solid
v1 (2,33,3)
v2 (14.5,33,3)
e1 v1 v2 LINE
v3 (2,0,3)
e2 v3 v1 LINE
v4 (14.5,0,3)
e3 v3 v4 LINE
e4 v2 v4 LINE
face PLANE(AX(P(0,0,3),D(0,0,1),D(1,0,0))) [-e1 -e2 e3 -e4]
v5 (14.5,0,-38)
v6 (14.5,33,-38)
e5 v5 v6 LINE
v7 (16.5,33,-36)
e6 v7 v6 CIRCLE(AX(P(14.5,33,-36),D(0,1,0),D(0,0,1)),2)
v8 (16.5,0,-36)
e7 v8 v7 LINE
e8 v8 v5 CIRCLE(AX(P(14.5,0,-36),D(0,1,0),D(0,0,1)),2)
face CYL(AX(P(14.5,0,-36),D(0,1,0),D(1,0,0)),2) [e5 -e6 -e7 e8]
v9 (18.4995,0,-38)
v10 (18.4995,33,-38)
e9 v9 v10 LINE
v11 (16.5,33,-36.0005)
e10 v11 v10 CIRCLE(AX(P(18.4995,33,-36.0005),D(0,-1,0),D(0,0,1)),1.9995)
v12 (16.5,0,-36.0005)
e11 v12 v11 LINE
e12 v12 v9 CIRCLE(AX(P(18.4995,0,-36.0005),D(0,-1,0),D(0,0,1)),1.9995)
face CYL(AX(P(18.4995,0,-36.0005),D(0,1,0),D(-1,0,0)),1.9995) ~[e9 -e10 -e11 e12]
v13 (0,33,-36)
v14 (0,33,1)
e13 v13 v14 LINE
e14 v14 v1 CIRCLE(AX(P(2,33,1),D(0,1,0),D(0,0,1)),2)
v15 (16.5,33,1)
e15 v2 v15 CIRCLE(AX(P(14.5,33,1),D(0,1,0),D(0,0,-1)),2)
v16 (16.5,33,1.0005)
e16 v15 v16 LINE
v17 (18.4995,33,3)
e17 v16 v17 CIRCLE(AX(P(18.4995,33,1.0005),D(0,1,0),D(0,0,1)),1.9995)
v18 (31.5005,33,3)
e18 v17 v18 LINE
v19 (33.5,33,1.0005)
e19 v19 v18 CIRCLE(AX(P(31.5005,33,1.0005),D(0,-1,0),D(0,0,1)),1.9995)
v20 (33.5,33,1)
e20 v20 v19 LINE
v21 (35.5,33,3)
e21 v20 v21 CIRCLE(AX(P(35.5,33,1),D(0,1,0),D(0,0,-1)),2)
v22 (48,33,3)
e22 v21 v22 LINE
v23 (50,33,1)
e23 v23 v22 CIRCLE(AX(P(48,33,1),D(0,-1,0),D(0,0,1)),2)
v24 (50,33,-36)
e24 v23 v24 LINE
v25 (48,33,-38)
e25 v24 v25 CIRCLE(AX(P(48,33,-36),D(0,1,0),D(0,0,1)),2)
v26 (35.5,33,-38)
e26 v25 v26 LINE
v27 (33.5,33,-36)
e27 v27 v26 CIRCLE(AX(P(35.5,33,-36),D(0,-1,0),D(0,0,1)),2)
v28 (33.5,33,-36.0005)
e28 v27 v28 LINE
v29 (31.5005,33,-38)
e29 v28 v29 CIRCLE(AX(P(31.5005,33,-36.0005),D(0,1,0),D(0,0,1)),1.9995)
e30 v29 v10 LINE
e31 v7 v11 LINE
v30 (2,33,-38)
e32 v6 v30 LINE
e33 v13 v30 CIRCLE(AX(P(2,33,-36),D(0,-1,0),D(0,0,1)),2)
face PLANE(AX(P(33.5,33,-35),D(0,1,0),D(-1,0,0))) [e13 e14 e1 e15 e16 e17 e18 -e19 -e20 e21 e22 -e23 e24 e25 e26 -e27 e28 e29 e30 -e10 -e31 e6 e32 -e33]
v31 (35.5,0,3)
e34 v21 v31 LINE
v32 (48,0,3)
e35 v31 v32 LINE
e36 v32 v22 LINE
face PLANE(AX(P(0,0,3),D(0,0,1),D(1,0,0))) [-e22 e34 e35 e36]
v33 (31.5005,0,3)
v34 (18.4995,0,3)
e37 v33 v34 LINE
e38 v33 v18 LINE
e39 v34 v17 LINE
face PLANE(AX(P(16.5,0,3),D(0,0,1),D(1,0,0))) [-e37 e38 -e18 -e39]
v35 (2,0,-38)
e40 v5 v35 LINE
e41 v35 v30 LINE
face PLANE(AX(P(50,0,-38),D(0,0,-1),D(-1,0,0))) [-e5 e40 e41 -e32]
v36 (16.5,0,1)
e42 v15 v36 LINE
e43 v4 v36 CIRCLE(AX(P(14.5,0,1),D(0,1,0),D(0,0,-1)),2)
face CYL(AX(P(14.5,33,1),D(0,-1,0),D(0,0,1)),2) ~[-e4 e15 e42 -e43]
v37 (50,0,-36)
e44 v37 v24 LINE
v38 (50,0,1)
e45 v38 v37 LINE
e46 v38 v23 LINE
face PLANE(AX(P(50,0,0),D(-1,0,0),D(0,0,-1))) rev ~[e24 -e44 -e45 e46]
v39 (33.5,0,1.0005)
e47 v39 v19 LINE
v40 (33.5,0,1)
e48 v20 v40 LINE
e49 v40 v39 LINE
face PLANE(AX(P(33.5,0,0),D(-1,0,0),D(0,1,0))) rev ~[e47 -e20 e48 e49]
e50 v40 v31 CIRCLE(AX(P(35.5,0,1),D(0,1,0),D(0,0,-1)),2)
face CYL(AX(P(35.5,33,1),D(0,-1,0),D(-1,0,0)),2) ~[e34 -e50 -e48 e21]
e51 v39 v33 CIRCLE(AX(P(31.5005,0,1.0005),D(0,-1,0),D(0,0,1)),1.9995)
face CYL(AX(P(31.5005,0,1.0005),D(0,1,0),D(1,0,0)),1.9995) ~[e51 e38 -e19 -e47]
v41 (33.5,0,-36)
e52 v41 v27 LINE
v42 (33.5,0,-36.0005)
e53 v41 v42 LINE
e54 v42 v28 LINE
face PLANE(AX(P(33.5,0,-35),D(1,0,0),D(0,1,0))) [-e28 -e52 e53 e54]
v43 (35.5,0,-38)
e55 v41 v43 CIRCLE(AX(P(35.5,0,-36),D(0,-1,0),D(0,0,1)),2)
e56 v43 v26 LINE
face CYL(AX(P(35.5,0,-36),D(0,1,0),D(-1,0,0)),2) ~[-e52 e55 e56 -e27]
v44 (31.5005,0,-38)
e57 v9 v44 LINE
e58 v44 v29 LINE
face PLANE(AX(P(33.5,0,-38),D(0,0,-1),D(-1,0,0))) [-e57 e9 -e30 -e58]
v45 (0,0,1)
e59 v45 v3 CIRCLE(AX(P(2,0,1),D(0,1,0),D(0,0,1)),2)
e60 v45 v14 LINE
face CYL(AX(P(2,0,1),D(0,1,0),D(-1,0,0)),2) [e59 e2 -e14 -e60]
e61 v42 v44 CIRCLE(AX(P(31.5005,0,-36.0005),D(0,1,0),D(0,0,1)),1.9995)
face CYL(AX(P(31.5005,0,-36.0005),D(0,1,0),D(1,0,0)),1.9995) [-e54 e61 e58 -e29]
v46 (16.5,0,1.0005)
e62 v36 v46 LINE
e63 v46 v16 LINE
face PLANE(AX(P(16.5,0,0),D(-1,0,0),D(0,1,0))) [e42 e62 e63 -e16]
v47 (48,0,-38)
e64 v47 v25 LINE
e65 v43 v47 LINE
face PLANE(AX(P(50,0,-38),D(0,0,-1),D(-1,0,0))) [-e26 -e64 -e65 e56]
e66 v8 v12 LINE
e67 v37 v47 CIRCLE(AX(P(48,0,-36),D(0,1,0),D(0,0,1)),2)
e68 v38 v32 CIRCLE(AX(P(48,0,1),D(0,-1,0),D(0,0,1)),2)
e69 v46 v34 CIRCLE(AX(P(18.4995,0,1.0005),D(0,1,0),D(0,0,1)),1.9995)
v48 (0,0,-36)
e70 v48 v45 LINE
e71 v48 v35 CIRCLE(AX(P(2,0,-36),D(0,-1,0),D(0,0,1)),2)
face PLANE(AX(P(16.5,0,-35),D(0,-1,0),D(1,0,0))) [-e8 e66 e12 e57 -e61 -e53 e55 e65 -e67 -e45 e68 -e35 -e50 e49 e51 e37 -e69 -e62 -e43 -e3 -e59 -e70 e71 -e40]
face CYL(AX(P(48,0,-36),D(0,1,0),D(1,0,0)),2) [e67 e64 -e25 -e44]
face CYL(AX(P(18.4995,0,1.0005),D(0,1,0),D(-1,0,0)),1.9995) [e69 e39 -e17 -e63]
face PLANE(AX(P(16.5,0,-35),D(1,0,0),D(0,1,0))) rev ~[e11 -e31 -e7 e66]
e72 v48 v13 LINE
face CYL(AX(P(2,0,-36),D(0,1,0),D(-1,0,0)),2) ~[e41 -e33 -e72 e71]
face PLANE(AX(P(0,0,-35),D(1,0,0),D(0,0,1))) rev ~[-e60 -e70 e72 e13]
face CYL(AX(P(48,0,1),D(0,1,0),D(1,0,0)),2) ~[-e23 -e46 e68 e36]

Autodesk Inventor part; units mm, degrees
ref_plane "YZ Plane" through (0, 0, 0) normal (1, 0, 0) x (0, 1, 0)
ref_plane "XZ Plane" through (0, 0, 0) normal (0, 1, 0) x (-1, 0, 0)
ref_plane "XY Plane" through (0, 0, 0) normal (0, 0, 1) x (1, 0, 0)
sketch "Sketch1" plane through (0, 0, 0) normal (0, 1, 0) x (-1, 0, 0)
  line L0 (0, 0) -> (-50, 0)
  line L1 (-50, 0) -> (-50, -35)
  line L2 (-50, -35) -> (0, -35)
  line L3 (0, -35) -> (0, 0)
  dimension "d0" = 35
  dimension "d1" = 50
extrude "Extrusion1" add sketch "Sketch1" along normal blind 33
sketch "Sketch2" plane through (0, 0, 0) normal (0, 0, 1) x (1, 0, 0)
  line L0 (0, 33) -> (50, 33) projected
  line L1 (16.5, 33) -> (16.5, 0)
  line L2 (0, 0) -> (50, 0) projected
  line L3 (33.5, 33) -> (33.5, 0)
  line L4 (0, 0) -> (0, 33) projected
  line L5 (50, 0) -> (50, 33) projected
  line L6 (0, 0) -> (0, 33) projected
  line L7 (0, 33) -> (16.5, 33)
  line L8 (16.5, 33) -> (16.5, 0)
  line L9 (16.5, 0) -> (0, 0)
  line L10 (0, 0) -> (0, 33)
  line L11 (33.5, 33) -> (50, 33)
  line L12 (50, 33) -> (50, 0)
  line L13 (50, 0) -> (33.5, 0)
  line L14 (33.5, 0) -> (33.5, 33)
  dimension "d4" = 16.5
  dimension "d5" = 16.5
extrude "Extrusion2" add sketch "Sketch2" along normal blind 3 contours L0 L1 L2 L4 | L0 L5 L2 L3
fillet "Fillet1" radius 2 4 edges at (0, 16.5, 3) (16.5, 16.5, 3) (33.5, 16.5, 3) (50, 16.5, 3)
sketch "Sketch3" plane through (16.5, 0, 0) normal (0, 0, 1) x (1, 0, 0)
  line L0 (0, 33) -> (17, 33) projected
  line L1 (17, 0) -> (17, 33) projected
  line L2 (0, 33) -> (17, 33)
  line L3 (17, 33) -> (17, 0)
  line L4 (17, 0) -> (0, 0)
  line L5 (0, 0) -> (0, 33)
  point P0 (-16.5, 0)
extrude "Extrusion3" add sketch "Sketch3" along normal blind 3
fillet "Fillet2" radius 2 2 edges at (16.5, 16.5, 3) (33.5, 16.5, 3)
sketch "Sketch4" plane through (50, 0, -35) normal (0, 0, -1) x (-1, 0, 0)
  line L0 (0, 0) -> (50, 0) projected
  line L1 (33.5, 0) -> (33.5, 33)
  line L2 (0, 33) -> (50, 33) projected
  line L3 (14.5, 0) -> (2, 0) projected
  line L4 (16.5, 0) -> (16.5, 33)
  line L5 (50, 0) -> (50, 33) projected
  line L6 (0, 0) -> (0, 33) projected
  line L7 (50, 0) -> (33.5, 0)
  line L8 (33.5, 0) -> (33.5, 33)
  line L9 (33.5, 33) -> (50, 33)
  line L10 (50, 33) -> (50, 0)
  line L11 (16.5, 0) -> (14.5, 0) projected
  line L12 (16.5, 0) -> (0, 0)
  line L13 (0, 0) -> (0, 33)
  line L14 (0, 33) -> (16.5, 33)
  line L15 (16.5, 33) -> (16.5, 0)
  dimension "d12" = 16.5
  dimension "d13" = 16.5
extrude "Extrusion4" add sketch "Sketch4" along normal blind 3 contours L6 L2 L4 L0 | L2 L5 L0 L1
fillet "Fillet3" radius 2 4 edges at (0, 16.5, -38) (16.5, 16.5, -38) (33.5, 16.5, -38) (50, 16.5, -38)
sketch "Sketch5" plane through (33.5, 0, -35) normal (0, 0, -1) x (-1, 0, 0)
  line L0 (17, 0) -> (17, 33) projected
  line L1 (-2, 33) -> (0, 33) projected
  line L2 (17, 0) -> (0, 0)
  line L3 (0, 0) -> (0, 33)
  line L4 (0, 33) -> (17, 33)
  line L5 (17, 33) -> (17, 0)
  point P0 (33.5, 0)
extrude "Extrusion5" add sketch "Sketch5" along normal blind 3
fillet "Fillet4" radius 2 2 edges at (16.5, 16.5, -38) (33.5, 16.5, -38)
properties part number "Simplistic_battery_pack_batteryspace-spencermical"
